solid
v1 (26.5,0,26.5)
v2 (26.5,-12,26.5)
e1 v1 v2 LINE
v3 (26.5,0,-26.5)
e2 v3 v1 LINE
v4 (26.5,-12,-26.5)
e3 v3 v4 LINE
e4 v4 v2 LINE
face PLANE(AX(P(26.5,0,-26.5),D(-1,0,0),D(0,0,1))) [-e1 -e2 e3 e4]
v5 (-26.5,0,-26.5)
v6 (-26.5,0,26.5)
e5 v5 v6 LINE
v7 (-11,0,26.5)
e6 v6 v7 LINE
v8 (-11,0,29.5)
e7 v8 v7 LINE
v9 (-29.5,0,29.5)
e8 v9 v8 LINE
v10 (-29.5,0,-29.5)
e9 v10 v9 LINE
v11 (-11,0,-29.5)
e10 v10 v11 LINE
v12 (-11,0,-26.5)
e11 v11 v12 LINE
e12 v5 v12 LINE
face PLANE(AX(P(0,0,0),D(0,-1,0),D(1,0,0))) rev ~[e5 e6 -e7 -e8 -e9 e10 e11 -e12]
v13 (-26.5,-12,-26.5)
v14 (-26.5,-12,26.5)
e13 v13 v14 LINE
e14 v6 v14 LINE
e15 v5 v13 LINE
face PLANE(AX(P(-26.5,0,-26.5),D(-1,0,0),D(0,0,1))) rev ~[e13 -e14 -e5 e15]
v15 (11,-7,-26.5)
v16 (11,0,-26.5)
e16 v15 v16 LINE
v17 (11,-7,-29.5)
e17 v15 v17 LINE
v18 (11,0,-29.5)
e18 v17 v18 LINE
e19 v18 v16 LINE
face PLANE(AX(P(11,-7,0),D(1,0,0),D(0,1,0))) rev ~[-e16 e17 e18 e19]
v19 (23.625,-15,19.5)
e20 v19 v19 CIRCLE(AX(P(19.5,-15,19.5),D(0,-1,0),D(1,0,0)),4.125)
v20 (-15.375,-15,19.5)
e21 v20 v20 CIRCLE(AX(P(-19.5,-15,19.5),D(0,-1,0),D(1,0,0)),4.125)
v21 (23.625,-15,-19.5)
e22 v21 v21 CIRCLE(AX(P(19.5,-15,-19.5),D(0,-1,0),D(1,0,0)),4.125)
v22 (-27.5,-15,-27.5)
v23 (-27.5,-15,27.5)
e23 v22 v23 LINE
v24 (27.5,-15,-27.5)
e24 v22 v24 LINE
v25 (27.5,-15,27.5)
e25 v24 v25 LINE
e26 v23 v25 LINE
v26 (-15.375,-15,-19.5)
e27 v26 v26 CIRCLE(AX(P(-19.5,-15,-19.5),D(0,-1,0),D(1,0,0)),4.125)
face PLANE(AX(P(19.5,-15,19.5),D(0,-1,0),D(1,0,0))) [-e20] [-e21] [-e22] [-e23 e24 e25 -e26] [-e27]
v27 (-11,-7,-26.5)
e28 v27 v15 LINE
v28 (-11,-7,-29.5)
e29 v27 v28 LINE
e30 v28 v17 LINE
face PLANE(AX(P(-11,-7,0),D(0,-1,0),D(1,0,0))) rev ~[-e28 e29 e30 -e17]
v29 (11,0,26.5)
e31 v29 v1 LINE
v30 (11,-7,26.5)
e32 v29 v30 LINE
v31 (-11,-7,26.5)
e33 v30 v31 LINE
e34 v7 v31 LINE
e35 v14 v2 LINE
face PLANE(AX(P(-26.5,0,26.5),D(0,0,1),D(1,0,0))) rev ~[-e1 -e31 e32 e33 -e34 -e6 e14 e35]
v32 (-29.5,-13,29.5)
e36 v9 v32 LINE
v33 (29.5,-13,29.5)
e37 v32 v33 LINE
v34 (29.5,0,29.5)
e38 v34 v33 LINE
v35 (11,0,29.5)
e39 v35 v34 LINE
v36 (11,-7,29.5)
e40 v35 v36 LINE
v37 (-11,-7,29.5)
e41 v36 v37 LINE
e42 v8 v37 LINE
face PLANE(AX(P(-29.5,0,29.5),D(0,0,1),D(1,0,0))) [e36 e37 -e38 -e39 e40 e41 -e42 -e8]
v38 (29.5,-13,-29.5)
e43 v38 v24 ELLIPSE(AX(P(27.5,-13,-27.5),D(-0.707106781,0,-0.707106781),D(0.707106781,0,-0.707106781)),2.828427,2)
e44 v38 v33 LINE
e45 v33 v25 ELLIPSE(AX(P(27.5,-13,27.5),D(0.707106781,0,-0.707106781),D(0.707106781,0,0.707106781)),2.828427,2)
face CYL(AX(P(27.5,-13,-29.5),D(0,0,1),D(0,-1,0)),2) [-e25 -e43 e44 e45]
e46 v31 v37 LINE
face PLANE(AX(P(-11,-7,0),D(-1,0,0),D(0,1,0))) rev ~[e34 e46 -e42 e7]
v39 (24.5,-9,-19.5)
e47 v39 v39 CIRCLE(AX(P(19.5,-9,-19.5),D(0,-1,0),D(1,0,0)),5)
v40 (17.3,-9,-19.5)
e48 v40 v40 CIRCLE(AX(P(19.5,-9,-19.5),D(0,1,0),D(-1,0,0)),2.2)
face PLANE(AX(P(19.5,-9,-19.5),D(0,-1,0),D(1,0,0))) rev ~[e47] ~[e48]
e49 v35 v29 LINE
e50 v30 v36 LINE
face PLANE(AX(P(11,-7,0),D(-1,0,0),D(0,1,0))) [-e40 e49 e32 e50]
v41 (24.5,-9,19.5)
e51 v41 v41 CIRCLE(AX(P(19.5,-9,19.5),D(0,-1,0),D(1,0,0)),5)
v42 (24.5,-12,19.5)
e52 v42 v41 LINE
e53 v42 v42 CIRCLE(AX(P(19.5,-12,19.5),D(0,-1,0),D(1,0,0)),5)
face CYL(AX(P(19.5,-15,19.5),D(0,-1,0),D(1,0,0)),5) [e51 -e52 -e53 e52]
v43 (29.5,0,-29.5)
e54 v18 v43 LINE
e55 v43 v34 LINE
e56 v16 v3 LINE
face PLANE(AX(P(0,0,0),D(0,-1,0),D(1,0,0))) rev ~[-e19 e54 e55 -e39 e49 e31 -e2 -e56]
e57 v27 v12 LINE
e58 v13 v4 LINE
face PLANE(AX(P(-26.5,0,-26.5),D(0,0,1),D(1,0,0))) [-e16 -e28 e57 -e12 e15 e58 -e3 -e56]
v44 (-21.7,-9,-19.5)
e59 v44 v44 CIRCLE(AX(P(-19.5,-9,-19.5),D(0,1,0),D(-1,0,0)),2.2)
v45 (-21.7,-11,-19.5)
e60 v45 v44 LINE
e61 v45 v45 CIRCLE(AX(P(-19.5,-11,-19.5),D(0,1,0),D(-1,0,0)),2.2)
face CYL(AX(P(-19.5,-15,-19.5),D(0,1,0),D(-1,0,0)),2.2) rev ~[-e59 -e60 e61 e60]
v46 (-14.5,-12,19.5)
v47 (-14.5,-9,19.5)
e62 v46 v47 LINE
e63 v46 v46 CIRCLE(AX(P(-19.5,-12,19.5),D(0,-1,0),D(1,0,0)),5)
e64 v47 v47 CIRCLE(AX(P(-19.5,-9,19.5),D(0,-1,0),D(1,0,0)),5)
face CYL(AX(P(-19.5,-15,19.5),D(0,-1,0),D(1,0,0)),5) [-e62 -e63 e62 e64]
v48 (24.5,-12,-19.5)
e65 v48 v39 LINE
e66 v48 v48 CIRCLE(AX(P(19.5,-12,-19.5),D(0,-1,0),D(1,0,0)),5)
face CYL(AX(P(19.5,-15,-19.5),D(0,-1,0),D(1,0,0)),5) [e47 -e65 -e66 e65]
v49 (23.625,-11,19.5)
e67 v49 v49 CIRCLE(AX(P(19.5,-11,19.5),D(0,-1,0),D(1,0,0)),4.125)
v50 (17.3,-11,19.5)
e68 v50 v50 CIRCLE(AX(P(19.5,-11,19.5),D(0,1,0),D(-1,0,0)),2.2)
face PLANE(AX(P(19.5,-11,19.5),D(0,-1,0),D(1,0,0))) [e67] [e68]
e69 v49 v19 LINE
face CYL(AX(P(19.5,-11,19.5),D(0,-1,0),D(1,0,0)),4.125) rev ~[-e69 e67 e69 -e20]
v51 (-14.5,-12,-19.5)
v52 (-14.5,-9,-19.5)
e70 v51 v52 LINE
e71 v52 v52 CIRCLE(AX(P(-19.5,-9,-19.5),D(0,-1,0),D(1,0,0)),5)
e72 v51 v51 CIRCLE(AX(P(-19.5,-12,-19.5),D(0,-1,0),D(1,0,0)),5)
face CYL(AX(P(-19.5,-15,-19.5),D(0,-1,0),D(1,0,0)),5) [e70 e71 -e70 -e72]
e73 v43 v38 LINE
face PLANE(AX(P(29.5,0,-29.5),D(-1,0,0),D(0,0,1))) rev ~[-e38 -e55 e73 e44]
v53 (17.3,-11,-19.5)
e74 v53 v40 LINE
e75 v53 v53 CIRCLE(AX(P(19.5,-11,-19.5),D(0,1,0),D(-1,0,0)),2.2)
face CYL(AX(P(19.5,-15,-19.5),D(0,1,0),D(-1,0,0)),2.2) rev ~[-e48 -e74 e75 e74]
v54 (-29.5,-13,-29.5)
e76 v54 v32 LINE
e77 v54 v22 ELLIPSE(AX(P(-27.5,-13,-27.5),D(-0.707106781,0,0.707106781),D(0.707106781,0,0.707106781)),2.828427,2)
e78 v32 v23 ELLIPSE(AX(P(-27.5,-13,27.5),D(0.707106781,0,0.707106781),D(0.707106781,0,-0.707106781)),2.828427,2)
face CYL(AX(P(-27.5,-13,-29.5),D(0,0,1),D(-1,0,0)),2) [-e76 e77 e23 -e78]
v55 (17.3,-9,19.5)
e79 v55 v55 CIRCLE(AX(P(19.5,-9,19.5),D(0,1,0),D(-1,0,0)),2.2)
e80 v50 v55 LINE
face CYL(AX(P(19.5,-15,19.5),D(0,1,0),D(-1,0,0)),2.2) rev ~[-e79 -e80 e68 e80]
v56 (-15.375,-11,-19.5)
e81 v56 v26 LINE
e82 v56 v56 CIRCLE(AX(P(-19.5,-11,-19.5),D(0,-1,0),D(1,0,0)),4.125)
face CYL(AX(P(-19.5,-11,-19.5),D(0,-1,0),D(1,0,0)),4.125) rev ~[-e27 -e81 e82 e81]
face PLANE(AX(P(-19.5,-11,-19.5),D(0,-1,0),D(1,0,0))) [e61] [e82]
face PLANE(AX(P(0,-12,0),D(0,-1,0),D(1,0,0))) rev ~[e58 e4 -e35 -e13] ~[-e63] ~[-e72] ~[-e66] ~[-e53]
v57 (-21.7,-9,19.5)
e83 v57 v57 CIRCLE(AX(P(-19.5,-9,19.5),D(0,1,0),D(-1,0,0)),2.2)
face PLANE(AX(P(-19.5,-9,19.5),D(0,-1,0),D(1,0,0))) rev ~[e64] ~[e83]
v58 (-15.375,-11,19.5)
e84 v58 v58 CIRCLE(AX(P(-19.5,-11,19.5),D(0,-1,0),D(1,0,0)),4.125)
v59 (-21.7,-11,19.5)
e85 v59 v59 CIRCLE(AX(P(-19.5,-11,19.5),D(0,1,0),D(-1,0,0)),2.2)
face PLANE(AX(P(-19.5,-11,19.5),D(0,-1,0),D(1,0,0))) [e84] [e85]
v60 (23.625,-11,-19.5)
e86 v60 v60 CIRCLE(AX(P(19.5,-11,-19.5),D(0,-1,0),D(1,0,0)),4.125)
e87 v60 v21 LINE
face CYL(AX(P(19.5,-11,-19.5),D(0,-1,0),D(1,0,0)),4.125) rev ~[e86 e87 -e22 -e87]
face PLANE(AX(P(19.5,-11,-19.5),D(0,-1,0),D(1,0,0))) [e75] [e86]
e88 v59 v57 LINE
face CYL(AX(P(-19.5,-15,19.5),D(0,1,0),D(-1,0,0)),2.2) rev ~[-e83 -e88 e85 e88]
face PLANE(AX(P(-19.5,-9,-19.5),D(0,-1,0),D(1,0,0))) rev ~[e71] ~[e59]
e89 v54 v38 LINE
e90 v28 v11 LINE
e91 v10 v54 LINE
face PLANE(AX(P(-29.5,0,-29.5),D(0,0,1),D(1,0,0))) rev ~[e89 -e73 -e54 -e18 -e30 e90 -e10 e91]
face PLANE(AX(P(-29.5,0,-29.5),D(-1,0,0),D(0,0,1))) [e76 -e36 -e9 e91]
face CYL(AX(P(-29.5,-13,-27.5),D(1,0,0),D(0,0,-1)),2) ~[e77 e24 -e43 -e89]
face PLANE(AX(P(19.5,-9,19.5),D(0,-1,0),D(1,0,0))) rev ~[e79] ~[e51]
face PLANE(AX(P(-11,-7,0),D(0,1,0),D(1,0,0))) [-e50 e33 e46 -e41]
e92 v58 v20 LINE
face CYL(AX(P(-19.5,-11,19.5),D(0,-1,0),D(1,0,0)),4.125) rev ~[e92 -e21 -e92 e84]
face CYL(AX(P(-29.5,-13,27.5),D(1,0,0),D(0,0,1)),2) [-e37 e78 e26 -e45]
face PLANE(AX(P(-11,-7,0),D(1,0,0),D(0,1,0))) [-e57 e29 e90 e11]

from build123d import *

# Parameters (mm, degrees)
F0_W            = 59
F0_H            = 59
F3_DEPTH        = 15
F1_W            = 53
F1_H            = 53
F4_DEPTH        = 12
F2_W            = 22
F2_H            = 14
F5_DEPTH        = 30
F5_DEPTH_BACK   = 30
F6_R            = 2
F8_R            = 5
F9_DEPTH        = 6
F11_D           = 4.4
F11_CBORE_D     = 8.25
F11_CBORE_DEPTH = 4
F12_D           = 4.4
F12_CBORE_D     = 8.25
F12_CBORE_DEPTH = 4
F13_D           = 4.4
F13_CBORE_D     = 8.25
F13_CBORE_DEPTH = 4
F14_D           = 4.4
F14_CBORE_D     = 8.25
F14_CBORE_DEPTH = 4


with BuildPart() as f3:
    # F0 (on Front) → F3 (new body)
    with BuildSketch(Plane.XZ):
        Rectangle(F0_W, F0_H)
    extrude(amount=F3_DEPTH)

    # F1 (on Front) → F4 (cut)
    with BuildSketch(Plane.XZ):
        Rectangle(F1_W, F1_H)
    extrude(amount=F4_DEPTH, mode=Mode.SUBTRACT)

    # F2 (on Top) → F5 (cut, two sides)
    with BuildSketch(Plane.XY) as f5_sk:
        Rectangle(F2_W, F2_H)
    extrude(amount=-F5_DEPTH, mode=Mode.SUBTRACT)
    extrude(f5_sk.sketch, amount=F5_DEPTH_BACK, mode=Mode.SUBTRACT)

    # F6
    f6_edges = [f3.edges().sort_by_distance(p)[0] for p in [
        (0, -15, 29.5),
        (-29.5, -15, 0),
        (0, -15, -29.5),
        (29.5, -15, 0),
    ]]
    fillet(f6_edges, radius=F6_R)

    # F8 (on offset) → F9 (join)
    with BuildSketch(Plane.XZ.offset(15)):
        with Locations((19.5, 19.5)):
            Circle(F8_R)
        with Locations((-19.5, 19.5)):
            Circle(F8_R)
        with Locations((19.5, -19.5)):
            Circle(F8_R)
        with Locations((-19.5, -19.5)):
            Circle(F8_R)
    extrude(amount=-F9_DEPTH)

    # F11 (through all)
    with Locations(Plane.XZ.offset(15)):
        with Locations((-19.5, 19.5)):
            CounterBoreHole(F11_D / 2, F11_CBORE_D / 2, F11_CBORE_DEPTH)

    # F12 (through all)
    with Locations(Plane.XZ.offset(15)):
        with Locations((-19.5, -19.5)):
            CounterBoreHole(F12_D / 2, F12_CBORE_D / 2, F12_CBORE_DEPTH)

    # F13 (through all)
    with Locations(Plane.XZ.offset(15)):
        with Locations((19.5, -19.5)):
            CounterBoreHole(F13_D / 2, F13_CBORE_D / 2, F13_CBORE_DEPTH)

    # F14 (through all)
    with Locations(Plane.XZ.offset(15)):
        with Locations((19.5, 19.5)):
            CounterBoreHole(F14_D / 2, F14_CBORE_D / 2, F14_CBORE_DEPTH)


solid = f3.part
